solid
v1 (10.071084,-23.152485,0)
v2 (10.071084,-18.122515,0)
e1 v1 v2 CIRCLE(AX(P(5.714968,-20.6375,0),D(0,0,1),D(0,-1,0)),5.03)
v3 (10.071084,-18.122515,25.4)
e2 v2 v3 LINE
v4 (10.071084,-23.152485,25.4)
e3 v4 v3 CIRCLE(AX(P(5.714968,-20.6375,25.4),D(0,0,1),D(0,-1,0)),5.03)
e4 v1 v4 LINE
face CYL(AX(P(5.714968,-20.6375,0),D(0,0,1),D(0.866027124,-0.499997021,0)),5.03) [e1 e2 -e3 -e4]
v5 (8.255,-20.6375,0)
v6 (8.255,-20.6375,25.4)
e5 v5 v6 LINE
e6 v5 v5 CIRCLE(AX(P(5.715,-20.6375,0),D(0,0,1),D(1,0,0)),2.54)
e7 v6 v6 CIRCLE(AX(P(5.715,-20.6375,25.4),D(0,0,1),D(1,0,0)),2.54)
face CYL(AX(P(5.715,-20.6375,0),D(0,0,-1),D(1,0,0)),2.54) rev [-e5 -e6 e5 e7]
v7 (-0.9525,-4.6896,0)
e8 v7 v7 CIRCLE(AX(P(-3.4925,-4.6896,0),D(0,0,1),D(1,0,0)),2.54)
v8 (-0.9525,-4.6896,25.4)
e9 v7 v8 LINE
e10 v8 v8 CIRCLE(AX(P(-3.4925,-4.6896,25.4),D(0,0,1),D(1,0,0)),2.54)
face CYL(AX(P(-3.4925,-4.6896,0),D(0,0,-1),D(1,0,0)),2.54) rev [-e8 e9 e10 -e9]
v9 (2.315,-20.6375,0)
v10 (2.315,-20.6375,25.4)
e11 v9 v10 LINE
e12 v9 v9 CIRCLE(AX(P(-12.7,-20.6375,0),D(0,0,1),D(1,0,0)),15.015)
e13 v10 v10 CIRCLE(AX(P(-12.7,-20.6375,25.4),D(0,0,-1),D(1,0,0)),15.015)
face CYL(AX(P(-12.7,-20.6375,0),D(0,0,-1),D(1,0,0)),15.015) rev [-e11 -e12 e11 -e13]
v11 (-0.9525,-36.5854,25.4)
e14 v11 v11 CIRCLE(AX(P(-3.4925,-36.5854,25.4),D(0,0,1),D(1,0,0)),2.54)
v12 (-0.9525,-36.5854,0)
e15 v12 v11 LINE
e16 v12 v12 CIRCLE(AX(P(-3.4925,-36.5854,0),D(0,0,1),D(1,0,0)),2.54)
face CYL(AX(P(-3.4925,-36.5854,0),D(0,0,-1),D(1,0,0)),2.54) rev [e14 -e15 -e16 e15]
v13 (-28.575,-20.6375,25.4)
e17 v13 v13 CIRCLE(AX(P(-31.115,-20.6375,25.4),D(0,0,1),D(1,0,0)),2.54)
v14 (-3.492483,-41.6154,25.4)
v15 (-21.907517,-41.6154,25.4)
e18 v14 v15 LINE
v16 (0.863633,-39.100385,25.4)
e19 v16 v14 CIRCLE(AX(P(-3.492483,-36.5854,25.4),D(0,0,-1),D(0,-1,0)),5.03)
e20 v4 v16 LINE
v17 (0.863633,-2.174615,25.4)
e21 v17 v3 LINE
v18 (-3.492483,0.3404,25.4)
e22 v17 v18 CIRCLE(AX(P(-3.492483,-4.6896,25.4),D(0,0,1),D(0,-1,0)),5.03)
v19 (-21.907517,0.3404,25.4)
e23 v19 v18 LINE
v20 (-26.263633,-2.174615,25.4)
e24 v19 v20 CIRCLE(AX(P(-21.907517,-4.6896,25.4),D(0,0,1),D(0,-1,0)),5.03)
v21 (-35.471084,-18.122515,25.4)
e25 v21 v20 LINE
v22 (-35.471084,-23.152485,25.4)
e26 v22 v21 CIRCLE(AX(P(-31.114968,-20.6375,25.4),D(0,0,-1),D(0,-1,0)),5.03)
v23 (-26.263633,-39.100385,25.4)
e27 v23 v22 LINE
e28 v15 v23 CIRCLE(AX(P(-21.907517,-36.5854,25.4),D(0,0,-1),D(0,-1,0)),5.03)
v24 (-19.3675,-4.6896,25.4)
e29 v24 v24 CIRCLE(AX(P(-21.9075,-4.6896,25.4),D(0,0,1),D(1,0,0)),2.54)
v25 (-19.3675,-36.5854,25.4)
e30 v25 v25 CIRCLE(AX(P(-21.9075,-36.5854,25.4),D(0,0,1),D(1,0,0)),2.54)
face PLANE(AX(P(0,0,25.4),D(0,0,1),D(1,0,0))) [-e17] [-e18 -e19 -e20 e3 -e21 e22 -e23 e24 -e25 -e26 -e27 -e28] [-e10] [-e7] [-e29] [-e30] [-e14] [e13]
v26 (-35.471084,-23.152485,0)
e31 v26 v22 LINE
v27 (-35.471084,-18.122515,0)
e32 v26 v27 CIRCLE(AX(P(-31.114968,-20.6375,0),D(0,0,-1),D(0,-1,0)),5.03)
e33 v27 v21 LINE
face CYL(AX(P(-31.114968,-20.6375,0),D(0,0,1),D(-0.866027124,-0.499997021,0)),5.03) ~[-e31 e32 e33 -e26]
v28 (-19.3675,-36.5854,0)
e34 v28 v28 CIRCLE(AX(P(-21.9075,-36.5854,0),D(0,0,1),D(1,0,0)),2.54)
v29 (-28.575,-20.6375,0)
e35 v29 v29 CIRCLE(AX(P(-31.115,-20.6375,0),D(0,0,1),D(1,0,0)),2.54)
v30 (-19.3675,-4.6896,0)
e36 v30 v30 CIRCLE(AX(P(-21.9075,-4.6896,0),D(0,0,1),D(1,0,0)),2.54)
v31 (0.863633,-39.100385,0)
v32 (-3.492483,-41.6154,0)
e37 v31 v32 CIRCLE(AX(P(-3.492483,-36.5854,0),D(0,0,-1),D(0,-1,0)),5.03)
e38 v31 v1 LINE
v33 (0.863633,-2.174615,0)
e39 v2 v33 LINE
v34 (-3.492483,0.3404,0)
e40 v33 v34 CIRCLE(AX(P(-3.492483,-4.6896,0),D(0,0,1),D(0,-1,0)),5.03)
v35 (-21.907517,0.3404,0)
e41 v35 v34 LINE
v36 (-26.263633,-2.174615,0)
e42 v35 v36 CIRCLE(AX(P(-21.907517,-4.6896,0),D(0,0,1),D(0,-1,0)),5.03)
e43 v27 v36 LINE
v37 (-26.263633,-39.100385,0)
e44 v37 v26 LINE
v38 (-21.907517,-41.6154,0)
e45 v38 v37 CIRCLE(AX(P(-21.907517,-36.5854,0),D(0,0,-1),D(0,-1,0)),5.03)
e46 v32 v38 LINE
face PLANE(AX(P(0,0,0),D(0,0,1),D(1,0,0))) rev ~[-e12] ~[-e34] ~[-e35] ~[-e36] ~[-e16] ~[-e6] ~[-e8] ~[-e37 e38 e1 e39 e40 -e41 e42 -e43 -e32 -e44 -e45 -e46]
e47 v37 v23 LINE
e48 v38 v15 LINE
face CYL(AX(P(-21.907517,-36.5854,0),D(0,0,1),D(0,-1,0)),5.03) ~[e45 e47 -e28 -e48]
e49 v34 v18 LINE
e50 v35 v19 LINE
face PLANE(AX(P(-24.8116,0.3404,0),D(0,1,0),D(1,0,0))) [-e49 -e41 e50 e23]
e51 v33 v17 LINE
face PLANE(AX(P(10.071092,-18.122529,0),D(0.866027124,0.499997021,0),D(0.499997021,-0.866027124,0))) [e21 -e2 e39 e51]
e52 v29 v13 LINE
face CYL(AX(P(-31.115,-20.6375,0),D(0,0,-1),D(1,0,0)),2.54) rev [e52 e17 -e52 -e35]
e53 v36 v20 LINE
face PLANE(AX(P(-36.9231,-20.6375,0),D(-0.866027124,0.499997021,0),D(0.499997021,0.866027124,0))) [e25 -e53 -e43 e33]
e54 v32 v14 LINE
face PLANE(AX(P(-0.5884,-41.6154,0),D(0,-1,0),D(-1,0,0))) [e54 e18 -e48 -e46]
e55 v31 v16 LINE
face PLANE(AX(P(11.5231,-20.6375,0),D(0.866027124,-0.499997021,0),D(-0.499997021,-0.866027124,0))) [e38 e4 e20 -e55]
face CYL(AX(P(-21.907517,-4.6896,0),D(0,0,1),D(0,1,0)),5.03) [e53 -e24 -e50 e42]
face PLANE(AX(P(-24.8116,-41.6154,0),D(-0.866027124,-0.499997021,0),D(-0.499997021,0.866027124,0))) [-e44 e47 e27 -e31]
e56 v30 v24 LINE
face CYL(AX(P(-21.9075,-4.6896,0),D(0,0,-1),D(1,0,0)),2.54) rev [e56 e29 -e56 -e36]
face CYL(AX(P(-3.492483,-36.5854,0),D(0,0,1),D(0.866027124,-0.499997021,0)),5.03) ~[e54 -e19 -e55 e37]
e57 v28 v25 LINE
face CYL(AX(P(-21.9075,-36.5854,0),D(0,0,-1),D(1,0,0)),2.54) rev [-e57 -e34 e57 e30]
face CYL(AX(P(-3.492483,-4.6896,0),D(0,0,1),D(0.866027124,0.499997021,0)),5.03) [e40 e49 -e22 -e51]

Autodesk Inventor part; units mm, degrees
ref_plane "YZ Plane" through (0, 0, 0) normal (1, 0, 0) x (0, 1, 0)
ref_plane "XZ Plane" through (0, 0, 0) normal (0, 1, 0) x (-1, 0, 0)
ref_plane "XY Plane" through (0, 0, 0) normal (0, 0, 1) x (1, 0, 0)
sketch "Sketch1" plane through (0, 0, 0) normal (0, 0, 1) x (1, 0, 0)
  line L0 (-25.4, -50.5029) -> (-25.4, -85.7859) projected
  line L1 (-25.4, -85.7859) -> (-23.8734, -87.3125) projected
  line L2 (-23.8734, -87.3125) -> (-1.5266, -87.3125) projected
  line L3 (-1.5266, -87.3125) -> (0, -85.7859) projected
  line L4 (0, -85.7859) -> (0, -50.5029) projected
  arc A0 (0.5036, -48.0245) -> (0, -50.5029) centre (6.35, -50.5029) ccw construction
  line L5 (0.5036, -48.0245) -> (11.5821, -21.8911) construction
  line L6 (11.5821, -21.8911) -> (11.5821, -19.7321) construction
  line L7 (11.5821, -19.7321) -> (0.8961, -1.5266) construction
  line L8 (0.8961, -1.5266) -> (-0.6306, 0) construction
  line L9 (-0.6306, 0) -> (-24.7694, 0) construction
  line L10 (-26.2961, -1.5266) -> (-24.7694, 0) construction
  line L11 (-26.2961, -1.5266) -> (-36.9821, -19.7321) construction
  line L12 (-36.9821, -19.7321) -> (-36.9821, -21.8911) construction
  line L13 (-36.9821, -21.8911) -> (-25.9036, -48.0245) construction
  arc A1 (-25.4, -50.5029) -> (-25.9036, -48.0245) centre (-31.75, -50.5029) ccw construction
  circle A2 centre (-3.4925, -4.6896) radius 2.0701 construction
  circle A3 centre (5.715, -20.6375) radius 2.0701 construction
  circle A4 centre (-12.7, -80.9625) radius 2.0701 projected
  circle A5 centre (-12.7, -55.5625) radius 2.0701 construction
  circle A6 centre (-12.7, -20.6375) radius 14.2875 construction
  circle A7 centre (-12.7, -42.8625) radius 2.0701 construction
  circle A8 centre (-12.7, -68.2625) radius 2.0701 construction
  circle A9 centre (-31.115, -20.6375) radius 2.0701 construction
  circle A10 centre (-21.9075, -4.6896) radius 2.0701 construction
  line L14 (5.715, -20.6375) -> (-31.115, -20.6375) construction
  circle A11 centre (-3.4925, -4.6896) radius 2.54
  circle A12 centre (-21.9075, -4.6896) radius 2.54
  circle A13 centre (-31.115, -20.6375) radius 2.54
  circle A14 centre (5.715, -20.6375) radius 2.54
  circle A15 centre (-3.4925, -36.5854) radius 2.54
  circle A16 centre (-21.9075, -36.5854) radius 2.54
  line L15 (11.5231, -20.6375) -> (-0.5884, -41.6154)
  line L16 (-0.5884, -41.6154) -> (-24.8116, -41.6154)
  line L17 (-24.8116, -41.6154) -> (-36.9231, -20.6375)
  line L18 (-36.9231, -20.6375) -> (-24.8116, 0.3404)
  line L19 (-24.8116, 0.3404) -> (-0.5884, 0.3404)
  line L20 (-0.5884, 0.3404) -> (11.5231, -20.6375)
  circle A17 centre (-12.7, -20.6375) radius 15.015
  circle A18 centre (5.715, -20.6375) radius 3.4 construction
  circle A19 centre (5.715, -20.6375) radius 5.03
  point P0 (0, 0)
  dimension "d0" = 5.08
  dimension "d6" = 36.83
  dimension "d7" = 6.8
  dimension "d8" = 10.06
extrude "Extrusion1" add sketch "Sketch1" along normal blind 25.4 contours L15 A19 L20 | L15 L16 L17 L18 L19 L20 A19 A17 | A19 A17 picked at (3.083, -23.4499)
fillet "Fillet1" radius 5.03 6 edges at (-0.5884, 0.3404, 12.7) (-24.8116, 0.3404, 12.7) (-36.9231, -20.6375, 12.7) (-24.8116, -41.6154, 12.7) (-0.5884, -41.6154, 12.7) (11.5231, -20.6375, 12.7)
equation "\"d5\" = 0.5 * d8"
properties part number "EndBearingMountSpacer"
